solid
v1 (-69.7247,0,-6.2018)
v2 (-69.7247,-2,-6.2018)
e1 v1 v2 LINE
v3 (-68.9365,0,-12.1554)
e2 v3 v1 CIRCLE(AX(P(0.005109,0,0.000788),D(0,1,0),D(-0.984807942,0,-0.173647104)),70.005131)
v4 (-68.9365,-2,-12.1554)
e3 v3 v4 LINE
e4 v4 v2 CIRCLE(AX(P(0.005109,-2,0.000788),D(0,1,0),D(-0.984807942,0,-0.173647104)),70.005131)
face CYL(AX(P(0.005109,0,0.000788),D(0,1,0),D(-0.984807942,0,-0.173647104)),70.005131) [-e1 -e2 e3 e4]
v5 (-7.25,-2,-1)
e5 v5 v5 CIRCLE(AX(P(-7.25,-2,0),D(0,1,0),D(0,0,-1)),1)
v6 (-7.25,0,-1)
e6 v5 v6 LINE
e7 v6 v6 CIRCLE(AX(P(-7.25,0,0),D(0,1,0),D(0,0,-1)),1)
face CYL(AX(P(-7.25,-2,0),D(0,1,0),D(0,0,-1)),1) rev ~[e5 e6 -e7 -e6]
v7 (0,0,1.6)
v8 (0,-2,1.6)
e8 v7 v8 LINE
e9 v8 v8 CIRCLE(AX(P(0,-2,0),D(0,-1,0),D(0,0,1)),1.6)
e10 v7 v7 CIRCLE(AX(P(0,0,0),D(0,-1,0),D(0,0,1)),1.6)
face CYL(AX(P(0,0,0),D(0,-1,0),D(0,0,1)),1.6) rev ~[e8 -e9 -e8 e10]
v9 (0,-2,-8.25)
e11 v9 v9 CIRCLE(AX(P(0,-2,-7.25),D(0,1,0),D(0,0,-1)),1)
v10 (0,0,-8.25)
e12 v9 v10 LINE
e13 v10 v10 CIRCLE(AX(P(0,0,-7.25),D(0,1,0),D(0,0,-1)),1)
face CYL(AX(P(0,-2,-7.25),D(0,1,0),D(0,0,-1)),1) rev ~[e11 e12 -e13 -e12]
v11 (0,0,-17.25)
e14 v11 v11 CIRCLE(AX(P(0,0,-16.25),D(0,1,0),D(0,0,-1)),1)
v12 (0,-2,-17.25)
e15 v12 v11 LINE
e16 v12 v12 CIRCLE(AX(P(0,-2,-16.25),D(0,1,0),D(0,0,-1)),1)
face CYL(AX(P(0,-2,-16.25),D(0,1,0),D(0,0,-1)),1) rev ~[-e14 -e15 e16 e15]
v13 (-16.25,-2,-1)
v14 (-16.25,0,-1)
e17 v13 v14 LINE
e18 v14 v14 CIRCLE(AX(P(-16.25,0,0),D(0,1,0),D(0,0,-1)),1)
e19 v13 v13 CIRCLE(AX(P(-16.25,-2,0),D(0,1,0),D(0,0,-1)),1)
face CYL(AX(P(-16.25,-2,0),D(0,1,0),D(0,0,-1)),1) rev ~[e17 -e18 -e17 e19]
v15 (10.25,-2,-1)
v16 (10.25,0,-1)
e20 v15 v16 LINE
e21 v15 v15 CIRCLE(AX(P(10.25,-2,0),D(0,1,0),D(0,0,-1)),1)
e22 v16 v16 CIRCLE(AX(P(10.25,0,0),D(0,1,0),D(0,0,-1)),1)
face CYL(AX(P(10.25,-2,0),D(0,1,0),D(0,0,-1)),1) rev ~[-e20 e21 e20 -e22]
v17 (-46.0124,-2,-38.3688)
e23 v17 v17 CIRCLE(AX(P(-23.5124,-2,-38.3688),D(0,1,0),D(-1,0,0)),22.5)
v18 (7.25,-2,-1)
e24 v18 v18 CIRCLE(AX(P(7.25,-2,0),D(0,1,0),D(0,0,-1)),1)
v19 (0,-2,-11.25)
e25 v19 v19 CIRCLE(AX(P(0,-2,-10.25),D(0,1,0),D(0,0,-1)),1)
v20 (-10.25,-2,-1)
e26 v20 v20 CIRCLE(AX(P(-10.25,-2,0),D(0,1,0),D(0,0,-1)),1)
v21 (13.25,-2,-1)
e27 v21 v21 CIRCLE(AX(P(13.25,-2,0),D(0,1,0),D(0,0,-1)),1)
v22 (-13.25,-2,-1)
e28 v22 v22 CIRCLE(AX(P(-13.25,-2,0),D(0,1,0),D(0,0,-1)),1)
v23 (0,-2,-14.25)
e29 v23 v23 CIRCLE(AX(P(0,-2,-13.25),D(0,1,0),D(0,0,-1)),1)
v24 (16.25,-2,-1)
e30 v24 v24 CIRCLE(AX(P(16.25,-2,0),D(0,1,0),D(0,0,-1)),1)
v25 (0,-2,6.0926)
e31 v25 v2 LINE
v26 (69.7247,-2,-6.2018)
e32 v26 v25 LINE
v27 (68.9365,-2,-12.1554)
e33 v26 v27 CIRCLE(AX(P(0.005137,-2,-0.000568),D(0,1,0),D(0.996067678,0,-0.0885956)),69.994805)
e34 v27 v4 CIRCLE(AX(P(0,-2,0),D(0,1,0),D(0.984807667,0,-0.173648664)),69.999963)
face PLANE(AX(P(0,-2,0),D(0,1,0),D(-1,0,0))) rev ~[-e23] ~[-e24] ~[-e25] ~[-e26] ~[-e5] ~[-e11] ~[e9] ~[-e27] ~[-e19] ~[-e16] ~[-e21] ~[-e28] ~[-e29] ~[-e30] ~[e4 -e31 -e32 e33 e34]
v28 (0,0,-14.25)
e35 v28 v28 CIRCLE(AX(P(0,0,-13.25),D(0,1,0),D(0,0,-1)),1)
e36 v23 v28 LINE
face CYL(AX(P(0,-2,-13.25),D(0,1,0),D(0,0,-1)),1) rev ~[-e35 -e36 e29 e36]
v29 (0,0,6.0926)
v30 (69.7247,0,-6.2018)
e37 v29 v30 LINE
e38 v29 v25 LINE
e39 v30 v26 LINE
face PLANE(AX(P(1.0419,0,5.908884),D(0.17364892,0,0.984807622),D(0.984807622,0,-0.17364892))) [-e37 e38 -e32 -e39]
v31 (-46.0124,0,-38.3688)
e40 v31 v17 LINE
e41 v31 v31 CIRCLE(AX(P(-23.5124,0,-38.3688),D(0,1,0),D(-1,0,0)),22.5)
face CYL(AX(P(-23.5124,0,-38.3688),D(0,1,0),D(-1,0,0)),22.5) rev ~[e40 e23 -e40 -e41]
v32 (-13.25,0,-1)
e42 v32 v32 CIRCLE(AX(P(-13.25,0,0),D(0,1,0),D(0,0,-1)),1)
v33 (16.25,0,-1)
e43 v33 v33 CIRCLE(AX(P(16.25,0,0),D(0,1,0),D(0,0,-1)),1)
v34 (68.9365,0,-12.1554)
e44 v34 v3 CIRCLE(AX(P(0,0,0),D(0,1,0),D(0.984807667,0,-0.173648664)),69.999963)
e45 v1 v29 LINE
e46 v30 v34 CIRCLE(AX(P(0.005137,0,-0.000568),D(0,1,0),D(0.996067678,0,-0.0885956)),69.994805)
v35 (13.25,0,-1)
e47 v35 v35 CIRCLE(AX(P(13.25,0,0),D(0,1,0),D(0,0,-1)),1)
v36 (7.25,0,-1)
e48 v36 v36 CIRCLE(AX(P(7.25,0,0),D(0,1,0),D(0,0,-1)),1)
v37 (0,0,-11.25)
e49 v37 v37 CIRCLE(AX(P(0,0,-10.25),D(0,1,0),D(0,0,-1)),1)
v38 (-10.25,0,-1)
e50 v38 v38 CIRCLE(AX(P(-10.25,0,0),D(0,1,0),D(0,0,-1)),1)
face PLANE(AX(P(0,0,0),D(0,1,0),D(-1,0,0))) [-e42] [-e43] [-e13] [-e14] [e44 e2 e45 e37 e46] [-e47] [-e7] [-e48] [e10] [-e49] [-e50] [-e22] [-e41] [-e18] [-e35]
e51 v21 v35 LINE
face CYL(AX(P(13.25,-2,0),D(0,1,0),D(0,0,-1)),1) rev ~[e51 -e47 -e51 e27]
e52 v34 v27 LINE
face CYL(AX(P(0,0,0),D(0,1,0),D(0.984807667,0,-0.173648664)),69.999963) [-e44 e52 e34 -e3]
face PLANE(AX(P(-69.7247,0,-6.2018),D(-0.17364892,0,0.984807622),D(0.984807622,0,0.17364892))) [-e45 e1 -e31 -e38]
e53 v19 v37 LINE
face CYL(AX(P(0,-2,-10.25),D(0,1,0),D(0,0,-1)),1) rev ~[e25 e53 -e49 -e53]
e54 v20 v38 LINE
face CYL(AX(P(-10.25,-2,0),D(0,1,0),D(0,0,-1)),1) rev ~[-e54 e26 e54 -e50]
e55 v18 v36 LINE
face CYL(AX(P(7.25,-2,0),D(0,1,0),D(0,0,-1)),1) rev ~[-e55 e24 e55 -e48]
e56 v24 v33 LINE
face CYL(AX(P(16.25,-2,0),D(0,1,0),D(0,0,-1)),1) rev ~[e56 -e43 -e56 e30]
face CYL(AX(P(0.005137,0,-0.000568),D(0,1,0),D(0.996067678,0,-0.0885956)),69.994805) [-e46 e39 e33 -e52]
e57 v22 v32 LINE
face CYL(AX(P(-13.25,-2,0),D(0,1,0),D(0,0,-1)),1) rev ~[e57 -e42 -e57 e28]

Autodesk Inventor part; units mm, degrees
ref_plane "YZ Plane" through (0, 0, 0) normal (1, 0, 0) x (0, 1, 0)
ref_plane "XZ Plane" through (0, 0, 0) normal (0, 1, 0) x (-1, 0, 0)
ref_plane "XY Plane" through (0, 0, 0) normal (0, 0, 1) x (1, 0, 0)
sketch "草圖1" plane through (0, 0, 0) normal (0, 1, 0) x (-1, 0, 0)
  line L0 (0, 0) -> (5.9088, -1.0419) construction
  line L1 (0, 0) -> (-5.9088, -1.0419) construction
  arc A0 (5.9088, -1.0419) -> (-5.9088, -1.0419) centre (0, 0) ccw
  arc A1 (-68.9365, -12.1554) -> (68.9365, -12.1554) centre (0, 0) ccw
  line L2 (5.9088, -1.0419) -> (68.9365, -12.1554)
  line L3 (-5.9088, -1.0419) -> (-68.9365, -12.1554)
  circle A2 centre (23.5124, -38.3688) radius 22.5
  circle A3 centre (-23.5124, -38.3688) radius 22.5 construction
  arc A4 (-23.5124, -38.3688) -> (23.5124, -38.3688) centre (0, 0) ccw construction
  line L4 (23.5124, -38.3688) -> (0, 0) construction
  line L5 (-23.5124, -38.3688) -> (0, 0) construction
  line L6 (0, -85.2185) -> (0, 21.3111) construction
  line L7 (69.7247, -6.2018) -> (0, 6.0926)
  line L8 (0, 6.0926) -> (-69.7247, -6.2018)
  arc A5 (68.9365, -12.1554) -> (69.7247, -6.2018) centre (0, 0) ccw
  arc A6 (-69.7247, -6.2018) -> (-68.9365, -12.1554) centre (0, 0) ccw
  dimension "d0" = 12
  dimension "d1" = 45
  dimension "d3" = 45
  dimension "d5" = 160
  dimension "d6" = 63
  dimension "d7" = 70
extrude "擠出1" add sketch "草圖1" against normal blind 2
hole "孔1" at (0, 0, 0) direction (0, -1, 0) diameter 3.2 end through all
sketch "草圖2" plane through (0, 0, 0) normal (0, 1, 0) x (-1, 0, 0)
  arc A0 (-23.5124, -38.3688) -> (23.5124, -38.3688) centre (0, 0) ccw construction
  circle A1 centre (0, 0) radius 1.6 projected
  circle A2 centre (0, 0) radius 45
feature "擠出表面1" [suppressed]
sketch "草圖3" plane through (0, -2, 0) normal (0, -1, 0) x (1, 0, 0)
  circle A0 centre (0, -13.25) radius 0.75
  circle A1 centre (0, -16.25) radius 0.75
  circle A2 centre (0, -10.25) radius 0.75
  circle A3 centre (0, -7.25) radius 0.75
  line L0 (0, 0) -> (0, -16.25) construction
  circle A4 centre (0, 0) radius 1.6 construction
  circle A5 centre (13.25, 0) radius 0.75
  circle A6 centre (16.25, 0) radius 0.75
  circle A7 centre (10.25, 0) radius 0.75
  circle A8 centre (7.25, 0) radius 0.75
  circle A9 centre (0, 13.25) radius 0.75
  circle A10 centre (0, 16.25) radius 0.75
  circle A11 centre (0, 10.25) radius 0.75
  circle A12 centre (0, 7.25) radius 0.75
  circle A13 centre (-13.25, 0) radius 0.75
  circle A14 centre (-16.25, 0) radius 0.75
  circle A15 centre (-10.25, 0) radius 0.75
  circle A16 centre (-7.25, 0) radius 0.75
  dimension "d21" = 3
  dimension "d22" = 3
  dimension "d24" = 1.5
  dimension "d25" = 3
  dimension "d26" = 7.25
  dimension "d29" = 360
hole "孔2" at (-7.25, -2, 0) at (-10.25, -2, 0) at (-13.25, -2, 0) at (-16.25, -2, 0) at (0, -2, -13.25) at (0, -2, -16.25) at (0, -2, -7.25) at (0, -2, -10.25) at (7.25, -2, 0) at (10.25, -2, 0) at (13.25, -2, 0) at (16.25, -2, 0) direction (0, 1, 0) diameter 2 end through all
properties part number "A0002"
